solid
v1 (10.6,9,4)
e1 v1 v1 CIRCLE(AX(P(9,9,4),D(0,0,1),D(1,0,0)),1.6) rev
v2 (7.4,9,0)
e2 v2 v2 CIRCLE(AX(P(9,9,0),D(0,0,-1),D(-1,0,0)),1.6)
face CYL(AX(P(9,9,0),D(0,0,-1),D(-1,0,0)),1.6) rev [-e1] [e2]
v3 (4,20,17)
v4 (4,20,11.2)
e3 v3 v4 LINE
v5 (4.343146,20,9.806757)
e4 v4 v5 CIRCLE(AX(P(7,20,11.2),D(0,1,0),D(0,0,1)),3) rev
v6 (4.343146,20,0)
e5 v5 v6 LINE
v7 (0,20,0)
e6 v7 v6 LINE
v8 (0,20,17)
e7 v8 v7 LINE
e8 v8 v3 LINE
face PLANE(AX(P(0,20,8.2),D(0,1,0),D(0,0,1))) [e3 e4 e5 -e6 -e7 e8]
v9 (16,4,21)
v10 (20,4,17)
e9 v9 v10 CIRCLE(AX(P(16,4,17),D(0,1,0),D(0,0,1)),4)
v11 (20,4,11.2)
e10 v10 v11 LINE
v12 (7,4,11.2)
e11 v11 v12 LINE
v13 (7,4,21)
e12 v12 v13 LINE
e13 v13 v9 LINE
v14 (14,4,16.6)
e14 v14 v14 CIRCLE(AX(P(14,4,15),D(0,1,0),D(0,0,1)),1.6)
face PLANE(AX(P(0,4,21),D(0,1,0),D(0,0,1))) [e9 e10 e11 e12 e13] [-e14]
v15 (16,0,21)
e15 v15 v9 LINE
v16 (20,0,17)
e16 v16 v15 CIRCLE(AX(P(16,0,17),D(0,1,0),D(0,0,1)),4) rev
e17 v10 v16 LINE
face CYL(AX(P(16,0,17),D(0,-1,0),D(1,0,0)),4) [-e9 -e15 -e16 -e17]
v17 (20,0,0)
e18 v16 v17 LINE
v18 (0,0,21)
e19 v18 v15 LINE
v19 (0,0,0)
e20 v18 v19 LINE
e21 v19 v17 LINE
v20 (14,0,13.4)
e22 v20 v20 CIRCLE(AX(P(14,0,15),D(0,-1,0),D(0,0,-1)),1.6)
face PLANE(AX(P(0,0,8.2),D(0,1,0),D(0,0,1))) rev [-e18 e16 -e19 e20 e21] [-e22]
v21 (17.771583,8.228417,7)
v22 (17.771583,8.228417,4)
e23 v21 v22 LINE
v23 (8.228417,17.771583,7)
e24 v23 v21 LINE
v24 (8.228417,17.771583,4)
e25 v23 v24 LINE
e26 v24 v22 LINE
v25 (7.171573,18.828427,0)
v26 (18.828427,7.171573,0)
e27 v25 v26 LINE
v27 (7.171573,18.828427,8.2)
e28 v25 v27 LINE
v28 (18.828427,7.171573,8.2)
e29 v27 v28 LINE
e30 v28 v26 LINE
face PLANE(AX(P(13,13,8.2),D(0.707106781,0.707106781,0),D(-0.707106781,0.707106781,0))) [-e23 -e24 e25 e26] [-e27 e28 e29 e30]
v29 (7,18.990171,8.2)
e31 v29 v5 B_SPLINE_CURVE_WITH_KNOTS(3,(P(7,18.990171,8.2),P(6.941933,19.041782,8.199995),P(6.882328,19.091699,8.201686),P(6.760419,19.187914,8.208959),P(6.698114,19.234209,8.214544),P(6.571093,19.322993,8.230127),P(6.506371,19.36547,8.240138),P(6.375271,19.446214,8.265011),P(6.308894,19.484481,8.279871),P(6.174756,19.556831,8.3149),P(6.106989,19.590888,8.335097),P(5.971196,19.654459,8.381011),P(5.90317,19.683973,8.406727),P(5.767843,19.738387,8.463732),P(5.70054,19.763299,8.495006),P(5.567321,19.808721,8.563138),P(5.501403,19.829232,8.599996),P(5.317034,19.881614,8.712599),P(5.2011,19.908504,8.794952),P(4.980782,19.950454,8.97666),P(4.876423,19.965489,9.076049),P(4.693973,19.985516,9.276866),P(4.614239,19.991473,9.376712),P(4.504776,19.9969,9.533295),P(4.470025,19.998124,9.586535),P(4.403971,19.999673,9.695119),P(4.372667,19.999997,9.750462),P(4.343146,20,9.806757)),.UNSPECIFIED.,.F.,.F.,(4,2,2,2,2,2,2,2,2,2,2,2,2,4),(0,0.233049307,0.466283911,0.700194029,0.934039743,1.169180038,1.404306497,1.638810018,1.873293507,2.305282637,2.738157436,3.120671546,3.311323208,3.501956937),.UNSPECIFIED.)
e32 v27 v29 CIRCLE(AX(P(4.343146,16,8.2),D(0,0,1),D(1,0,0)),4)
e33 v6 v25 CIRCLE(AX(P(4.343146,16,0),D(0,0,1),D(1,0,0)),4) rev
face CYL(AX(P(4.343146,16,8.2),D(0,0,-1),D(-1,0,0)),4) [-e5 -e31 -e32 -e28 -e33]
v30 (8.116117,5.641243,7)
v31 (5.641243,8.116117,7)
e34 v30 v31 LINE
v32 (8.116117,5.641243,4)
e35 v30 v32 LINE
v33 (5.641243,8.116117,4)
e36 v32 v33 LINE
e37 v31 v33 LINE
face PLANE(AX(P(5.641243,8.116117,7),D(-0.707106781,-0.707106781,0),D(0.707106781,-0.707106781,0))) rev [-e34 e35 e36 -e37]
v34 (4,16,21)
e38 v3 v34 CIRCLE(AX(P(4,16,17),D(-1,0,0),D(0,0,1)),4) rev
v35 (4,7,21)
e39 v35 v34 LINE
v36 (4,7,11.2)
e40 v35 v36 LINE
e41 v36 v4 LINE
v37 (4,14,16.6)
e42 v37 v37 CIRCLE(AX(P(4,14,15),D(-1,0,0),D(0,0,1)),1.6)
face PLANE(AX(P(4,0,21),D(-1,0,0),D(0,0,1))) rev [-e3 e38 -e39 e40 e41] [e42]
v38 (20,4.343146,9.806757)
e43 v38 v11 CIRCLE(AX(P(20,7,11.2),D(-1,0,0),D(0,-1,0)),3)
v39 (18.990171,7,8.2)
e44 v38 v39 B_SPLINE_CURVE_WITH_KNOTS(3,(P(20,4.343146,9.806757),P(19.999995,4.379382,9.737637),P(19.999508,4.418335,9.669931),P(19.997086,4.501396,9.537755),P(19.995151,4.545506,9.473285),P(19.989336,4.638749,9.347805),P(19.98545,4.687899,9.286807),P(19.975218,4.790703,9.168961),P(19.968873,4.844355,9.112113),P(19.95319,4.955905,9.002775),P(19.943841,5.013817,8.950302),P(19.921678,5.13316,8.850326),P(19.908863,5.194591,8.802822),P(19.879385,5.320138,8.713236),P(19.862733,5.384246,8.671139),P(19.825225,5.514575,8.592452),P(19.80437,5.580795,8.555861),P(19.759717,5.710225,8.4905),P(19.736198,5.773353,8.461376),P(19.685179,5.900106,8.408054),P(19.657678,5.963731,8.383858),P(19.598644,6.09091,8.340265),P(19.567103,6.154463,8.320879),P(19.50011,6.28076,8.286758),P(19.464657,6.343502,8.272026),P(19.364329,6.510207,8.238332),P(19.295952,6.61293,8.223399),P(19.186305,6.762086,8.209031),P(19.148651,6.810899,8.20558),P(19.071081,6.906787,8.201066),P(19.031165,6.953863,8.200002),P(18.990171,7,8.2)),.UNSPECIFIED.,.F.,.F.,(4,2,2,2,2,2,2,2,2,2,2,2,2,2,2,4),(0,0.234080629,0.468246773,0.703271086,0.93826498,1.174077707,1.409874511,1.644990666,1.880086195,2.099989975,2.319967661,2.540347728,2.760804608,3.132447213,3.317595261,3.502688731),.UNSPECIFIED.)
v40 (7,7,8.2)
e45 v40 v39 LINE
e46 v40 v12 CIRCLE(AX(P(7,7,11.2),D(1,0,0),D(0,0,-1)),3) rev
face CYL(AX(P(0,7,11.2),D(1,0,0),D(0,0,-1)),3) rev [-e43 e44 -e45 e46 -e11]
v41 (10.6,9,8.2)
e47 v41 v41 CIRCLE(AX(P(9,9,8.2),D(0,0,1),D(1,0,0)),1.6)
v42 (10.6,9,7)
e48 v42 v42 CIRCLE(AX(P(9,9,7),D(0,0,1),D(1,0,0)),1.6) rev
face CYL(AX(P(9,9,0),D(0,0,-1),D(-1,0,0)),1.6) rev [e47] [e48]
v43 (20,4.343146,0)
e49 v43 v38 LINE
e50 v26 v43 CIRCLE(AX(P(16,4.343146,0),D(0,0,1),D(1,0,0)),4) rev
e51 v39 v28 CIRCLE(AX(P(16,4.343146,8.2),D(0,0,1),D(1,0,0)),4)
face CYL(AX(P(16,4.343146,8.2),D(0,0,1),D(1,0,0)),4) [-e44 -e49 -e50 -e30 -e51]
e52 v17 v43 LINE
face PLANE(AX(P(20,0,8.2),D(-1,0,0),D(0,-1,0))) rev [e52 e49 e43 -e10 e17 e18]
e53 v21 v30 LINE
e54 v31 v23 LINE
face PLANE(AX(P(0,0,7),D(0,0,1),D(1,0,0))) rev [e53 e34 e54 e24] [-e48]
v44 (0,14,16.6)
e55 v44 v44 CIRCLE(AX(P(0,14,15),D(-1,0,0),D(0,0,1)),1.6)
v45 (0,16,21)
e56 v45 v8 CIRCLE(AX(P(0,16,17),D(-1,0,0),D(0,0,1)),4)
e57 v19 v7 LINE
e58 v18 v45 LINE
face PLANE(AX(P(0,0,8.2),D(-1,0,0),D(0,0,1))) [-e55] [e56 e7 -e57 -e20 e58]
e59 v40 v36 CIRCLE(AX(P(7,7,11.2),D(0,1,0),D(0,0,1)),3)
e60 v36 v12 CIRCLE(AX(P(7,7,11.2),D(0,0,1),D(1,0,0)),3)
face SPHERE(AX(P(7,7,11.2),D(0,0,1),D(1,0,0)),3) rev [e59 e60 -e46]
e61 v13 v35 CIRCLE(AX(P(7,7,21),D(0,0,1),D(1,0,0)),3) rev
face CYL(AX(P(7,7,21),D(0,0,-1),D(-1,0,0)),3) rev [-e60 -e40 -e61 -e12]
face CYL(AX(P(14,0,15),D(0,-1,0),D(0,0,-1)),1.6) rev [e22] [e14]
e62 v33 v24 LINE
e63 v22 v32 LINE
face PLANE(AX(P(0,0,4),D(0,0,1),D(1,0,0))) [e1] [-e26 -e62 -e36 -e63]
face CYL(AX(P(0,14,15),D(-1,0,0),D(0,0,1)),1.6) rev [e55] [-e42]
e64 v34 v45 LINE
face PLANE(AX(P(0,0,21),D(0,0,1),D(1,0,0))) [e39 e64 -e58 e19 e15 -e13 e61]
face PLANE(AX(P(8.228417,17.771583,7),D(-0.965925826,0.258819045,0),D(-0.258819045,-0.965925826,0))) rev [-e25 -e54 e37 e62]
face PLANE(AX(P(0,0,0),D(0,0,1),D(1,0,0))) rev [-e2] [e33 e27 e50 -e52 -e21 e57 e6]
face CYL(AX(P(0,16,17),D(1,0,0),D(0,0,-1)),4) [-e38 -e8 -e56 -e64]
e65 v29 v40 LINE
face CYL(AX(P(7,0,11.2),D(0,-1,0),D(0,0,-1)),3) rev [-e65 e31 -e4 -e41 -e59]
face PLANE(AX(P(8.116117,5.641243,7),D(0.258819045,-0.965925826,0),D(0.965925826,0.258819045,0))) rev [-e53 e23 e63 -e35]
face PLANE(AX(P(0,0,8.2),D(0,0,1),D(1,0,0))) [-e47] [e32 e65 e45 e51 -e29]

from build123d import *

# Parameters (mm, degrees)
BASE_DEPTH                           = 8.2
SIDES_DEPTH                          = 21
F_3_2_3_2_MOUNTING_HOLES_D           = 3.2
F_3_2_3_2_MOUNTING_HOLES_ON_FACE_2_D = 3.2
F_3_2_3_2_MOUNTING_HOLES_ON_FACE_3_D = 3.2
INSIDEFILLET_R                       = 3
OUTSIDEFILLET_R                      = 4
NUTSLOT_START                        = -4
NUTSLOT_DEPTH                        = 3


with BuildPart() as part:
    # Sketch4 → Base (new body)
    with BuildSketch(Plane.XY):
        Polygon((0, 20), (0, 0), (20, 0), (20, 6), (6, 20), align=None)
    extrude(amount=BASE_DEPTH)

    # Sketch4<4> → Sides (add)
    with BuildSketch(Plane.XY):
        Polygon((0, 20), (0, 0), (20, 0), (20, 4), (4, 4), (4, 20), align=None)
    extrude(amount=SIDES_DEPTH)

    # Ø3.2 (3.2) Mounting Holes (through all)
    with Locations(Plane(origin=(14, 0, 15), x_dir=(0, 0, -1), z_dir=(0, -1, 0))):
        with Locations((0, 0)):
            Hole(F_3_2_3_2_MOUNTING_HOLES_D / 2)

    # Ø3.2 (3.2) Mounting Holes on face 2 (through all)
    with Locations(Plane(origin=(0, 14, 15), x_dir=(0, 0, -1), z_dir=(-1, 0, 0))):
        with Locations((0, 0)):
            Hole(F_3_2_3_2_MOUNTING_HOLES_ON_FACE_2_D / 2)

    # Ø3.2 (3.2) Mounting Holes on face 3 (through all)
    with Locations(Plane(origin=(9, 9, 0), x_dir=(-1, 0, 0), z_dir=(0, 0, -1))):
        with Locations((0, 0)):
            Hole(F_3_2_3_2_MOUNTING_HOLES_ON_FACE_3_D / 2)

    # InsideFillet
    insidefillet_edges = [part.edges().sort_by_distance(p)[0] for p in [
        (12, 4, 8.2),
        (4, 4, 14.6),
        (4, 12, 8.2),
    ]]
    fillet(insidefillet_edges, radius=INSIDEFILLET_R)

    # OutsideFillet
    outsidefillet_edges = [part.edges().sort_by_distance(p)[0] for p in [
        (6, 20, 4.185786438),
        (20, 6, 4.185786438),
        (20, 2, 21),
        (2, 20, 21),
    ]]
    fillet(outsidefillet_edges, radius=OUTSIDEFILLET_R)

    # Sketch7 → NutSlot (cut)
    with BuildSketch(Plane(origin=(0, 0, 0), x_dir=(-1, 0, 0), z_dir=(0, 0, -1)).offset(NUTSLOT_START)):
        Polygon((-8.228417185, 17.771582815), (-5.641242789, 8.116116524), (-8.116116524, 5.641242789), (-17.771582815, 8.228417185), align=None)
    extrude(amount=-NUTSLOT_DEPTH, mode=Mode.SUBTRACT)


solid = part.part
